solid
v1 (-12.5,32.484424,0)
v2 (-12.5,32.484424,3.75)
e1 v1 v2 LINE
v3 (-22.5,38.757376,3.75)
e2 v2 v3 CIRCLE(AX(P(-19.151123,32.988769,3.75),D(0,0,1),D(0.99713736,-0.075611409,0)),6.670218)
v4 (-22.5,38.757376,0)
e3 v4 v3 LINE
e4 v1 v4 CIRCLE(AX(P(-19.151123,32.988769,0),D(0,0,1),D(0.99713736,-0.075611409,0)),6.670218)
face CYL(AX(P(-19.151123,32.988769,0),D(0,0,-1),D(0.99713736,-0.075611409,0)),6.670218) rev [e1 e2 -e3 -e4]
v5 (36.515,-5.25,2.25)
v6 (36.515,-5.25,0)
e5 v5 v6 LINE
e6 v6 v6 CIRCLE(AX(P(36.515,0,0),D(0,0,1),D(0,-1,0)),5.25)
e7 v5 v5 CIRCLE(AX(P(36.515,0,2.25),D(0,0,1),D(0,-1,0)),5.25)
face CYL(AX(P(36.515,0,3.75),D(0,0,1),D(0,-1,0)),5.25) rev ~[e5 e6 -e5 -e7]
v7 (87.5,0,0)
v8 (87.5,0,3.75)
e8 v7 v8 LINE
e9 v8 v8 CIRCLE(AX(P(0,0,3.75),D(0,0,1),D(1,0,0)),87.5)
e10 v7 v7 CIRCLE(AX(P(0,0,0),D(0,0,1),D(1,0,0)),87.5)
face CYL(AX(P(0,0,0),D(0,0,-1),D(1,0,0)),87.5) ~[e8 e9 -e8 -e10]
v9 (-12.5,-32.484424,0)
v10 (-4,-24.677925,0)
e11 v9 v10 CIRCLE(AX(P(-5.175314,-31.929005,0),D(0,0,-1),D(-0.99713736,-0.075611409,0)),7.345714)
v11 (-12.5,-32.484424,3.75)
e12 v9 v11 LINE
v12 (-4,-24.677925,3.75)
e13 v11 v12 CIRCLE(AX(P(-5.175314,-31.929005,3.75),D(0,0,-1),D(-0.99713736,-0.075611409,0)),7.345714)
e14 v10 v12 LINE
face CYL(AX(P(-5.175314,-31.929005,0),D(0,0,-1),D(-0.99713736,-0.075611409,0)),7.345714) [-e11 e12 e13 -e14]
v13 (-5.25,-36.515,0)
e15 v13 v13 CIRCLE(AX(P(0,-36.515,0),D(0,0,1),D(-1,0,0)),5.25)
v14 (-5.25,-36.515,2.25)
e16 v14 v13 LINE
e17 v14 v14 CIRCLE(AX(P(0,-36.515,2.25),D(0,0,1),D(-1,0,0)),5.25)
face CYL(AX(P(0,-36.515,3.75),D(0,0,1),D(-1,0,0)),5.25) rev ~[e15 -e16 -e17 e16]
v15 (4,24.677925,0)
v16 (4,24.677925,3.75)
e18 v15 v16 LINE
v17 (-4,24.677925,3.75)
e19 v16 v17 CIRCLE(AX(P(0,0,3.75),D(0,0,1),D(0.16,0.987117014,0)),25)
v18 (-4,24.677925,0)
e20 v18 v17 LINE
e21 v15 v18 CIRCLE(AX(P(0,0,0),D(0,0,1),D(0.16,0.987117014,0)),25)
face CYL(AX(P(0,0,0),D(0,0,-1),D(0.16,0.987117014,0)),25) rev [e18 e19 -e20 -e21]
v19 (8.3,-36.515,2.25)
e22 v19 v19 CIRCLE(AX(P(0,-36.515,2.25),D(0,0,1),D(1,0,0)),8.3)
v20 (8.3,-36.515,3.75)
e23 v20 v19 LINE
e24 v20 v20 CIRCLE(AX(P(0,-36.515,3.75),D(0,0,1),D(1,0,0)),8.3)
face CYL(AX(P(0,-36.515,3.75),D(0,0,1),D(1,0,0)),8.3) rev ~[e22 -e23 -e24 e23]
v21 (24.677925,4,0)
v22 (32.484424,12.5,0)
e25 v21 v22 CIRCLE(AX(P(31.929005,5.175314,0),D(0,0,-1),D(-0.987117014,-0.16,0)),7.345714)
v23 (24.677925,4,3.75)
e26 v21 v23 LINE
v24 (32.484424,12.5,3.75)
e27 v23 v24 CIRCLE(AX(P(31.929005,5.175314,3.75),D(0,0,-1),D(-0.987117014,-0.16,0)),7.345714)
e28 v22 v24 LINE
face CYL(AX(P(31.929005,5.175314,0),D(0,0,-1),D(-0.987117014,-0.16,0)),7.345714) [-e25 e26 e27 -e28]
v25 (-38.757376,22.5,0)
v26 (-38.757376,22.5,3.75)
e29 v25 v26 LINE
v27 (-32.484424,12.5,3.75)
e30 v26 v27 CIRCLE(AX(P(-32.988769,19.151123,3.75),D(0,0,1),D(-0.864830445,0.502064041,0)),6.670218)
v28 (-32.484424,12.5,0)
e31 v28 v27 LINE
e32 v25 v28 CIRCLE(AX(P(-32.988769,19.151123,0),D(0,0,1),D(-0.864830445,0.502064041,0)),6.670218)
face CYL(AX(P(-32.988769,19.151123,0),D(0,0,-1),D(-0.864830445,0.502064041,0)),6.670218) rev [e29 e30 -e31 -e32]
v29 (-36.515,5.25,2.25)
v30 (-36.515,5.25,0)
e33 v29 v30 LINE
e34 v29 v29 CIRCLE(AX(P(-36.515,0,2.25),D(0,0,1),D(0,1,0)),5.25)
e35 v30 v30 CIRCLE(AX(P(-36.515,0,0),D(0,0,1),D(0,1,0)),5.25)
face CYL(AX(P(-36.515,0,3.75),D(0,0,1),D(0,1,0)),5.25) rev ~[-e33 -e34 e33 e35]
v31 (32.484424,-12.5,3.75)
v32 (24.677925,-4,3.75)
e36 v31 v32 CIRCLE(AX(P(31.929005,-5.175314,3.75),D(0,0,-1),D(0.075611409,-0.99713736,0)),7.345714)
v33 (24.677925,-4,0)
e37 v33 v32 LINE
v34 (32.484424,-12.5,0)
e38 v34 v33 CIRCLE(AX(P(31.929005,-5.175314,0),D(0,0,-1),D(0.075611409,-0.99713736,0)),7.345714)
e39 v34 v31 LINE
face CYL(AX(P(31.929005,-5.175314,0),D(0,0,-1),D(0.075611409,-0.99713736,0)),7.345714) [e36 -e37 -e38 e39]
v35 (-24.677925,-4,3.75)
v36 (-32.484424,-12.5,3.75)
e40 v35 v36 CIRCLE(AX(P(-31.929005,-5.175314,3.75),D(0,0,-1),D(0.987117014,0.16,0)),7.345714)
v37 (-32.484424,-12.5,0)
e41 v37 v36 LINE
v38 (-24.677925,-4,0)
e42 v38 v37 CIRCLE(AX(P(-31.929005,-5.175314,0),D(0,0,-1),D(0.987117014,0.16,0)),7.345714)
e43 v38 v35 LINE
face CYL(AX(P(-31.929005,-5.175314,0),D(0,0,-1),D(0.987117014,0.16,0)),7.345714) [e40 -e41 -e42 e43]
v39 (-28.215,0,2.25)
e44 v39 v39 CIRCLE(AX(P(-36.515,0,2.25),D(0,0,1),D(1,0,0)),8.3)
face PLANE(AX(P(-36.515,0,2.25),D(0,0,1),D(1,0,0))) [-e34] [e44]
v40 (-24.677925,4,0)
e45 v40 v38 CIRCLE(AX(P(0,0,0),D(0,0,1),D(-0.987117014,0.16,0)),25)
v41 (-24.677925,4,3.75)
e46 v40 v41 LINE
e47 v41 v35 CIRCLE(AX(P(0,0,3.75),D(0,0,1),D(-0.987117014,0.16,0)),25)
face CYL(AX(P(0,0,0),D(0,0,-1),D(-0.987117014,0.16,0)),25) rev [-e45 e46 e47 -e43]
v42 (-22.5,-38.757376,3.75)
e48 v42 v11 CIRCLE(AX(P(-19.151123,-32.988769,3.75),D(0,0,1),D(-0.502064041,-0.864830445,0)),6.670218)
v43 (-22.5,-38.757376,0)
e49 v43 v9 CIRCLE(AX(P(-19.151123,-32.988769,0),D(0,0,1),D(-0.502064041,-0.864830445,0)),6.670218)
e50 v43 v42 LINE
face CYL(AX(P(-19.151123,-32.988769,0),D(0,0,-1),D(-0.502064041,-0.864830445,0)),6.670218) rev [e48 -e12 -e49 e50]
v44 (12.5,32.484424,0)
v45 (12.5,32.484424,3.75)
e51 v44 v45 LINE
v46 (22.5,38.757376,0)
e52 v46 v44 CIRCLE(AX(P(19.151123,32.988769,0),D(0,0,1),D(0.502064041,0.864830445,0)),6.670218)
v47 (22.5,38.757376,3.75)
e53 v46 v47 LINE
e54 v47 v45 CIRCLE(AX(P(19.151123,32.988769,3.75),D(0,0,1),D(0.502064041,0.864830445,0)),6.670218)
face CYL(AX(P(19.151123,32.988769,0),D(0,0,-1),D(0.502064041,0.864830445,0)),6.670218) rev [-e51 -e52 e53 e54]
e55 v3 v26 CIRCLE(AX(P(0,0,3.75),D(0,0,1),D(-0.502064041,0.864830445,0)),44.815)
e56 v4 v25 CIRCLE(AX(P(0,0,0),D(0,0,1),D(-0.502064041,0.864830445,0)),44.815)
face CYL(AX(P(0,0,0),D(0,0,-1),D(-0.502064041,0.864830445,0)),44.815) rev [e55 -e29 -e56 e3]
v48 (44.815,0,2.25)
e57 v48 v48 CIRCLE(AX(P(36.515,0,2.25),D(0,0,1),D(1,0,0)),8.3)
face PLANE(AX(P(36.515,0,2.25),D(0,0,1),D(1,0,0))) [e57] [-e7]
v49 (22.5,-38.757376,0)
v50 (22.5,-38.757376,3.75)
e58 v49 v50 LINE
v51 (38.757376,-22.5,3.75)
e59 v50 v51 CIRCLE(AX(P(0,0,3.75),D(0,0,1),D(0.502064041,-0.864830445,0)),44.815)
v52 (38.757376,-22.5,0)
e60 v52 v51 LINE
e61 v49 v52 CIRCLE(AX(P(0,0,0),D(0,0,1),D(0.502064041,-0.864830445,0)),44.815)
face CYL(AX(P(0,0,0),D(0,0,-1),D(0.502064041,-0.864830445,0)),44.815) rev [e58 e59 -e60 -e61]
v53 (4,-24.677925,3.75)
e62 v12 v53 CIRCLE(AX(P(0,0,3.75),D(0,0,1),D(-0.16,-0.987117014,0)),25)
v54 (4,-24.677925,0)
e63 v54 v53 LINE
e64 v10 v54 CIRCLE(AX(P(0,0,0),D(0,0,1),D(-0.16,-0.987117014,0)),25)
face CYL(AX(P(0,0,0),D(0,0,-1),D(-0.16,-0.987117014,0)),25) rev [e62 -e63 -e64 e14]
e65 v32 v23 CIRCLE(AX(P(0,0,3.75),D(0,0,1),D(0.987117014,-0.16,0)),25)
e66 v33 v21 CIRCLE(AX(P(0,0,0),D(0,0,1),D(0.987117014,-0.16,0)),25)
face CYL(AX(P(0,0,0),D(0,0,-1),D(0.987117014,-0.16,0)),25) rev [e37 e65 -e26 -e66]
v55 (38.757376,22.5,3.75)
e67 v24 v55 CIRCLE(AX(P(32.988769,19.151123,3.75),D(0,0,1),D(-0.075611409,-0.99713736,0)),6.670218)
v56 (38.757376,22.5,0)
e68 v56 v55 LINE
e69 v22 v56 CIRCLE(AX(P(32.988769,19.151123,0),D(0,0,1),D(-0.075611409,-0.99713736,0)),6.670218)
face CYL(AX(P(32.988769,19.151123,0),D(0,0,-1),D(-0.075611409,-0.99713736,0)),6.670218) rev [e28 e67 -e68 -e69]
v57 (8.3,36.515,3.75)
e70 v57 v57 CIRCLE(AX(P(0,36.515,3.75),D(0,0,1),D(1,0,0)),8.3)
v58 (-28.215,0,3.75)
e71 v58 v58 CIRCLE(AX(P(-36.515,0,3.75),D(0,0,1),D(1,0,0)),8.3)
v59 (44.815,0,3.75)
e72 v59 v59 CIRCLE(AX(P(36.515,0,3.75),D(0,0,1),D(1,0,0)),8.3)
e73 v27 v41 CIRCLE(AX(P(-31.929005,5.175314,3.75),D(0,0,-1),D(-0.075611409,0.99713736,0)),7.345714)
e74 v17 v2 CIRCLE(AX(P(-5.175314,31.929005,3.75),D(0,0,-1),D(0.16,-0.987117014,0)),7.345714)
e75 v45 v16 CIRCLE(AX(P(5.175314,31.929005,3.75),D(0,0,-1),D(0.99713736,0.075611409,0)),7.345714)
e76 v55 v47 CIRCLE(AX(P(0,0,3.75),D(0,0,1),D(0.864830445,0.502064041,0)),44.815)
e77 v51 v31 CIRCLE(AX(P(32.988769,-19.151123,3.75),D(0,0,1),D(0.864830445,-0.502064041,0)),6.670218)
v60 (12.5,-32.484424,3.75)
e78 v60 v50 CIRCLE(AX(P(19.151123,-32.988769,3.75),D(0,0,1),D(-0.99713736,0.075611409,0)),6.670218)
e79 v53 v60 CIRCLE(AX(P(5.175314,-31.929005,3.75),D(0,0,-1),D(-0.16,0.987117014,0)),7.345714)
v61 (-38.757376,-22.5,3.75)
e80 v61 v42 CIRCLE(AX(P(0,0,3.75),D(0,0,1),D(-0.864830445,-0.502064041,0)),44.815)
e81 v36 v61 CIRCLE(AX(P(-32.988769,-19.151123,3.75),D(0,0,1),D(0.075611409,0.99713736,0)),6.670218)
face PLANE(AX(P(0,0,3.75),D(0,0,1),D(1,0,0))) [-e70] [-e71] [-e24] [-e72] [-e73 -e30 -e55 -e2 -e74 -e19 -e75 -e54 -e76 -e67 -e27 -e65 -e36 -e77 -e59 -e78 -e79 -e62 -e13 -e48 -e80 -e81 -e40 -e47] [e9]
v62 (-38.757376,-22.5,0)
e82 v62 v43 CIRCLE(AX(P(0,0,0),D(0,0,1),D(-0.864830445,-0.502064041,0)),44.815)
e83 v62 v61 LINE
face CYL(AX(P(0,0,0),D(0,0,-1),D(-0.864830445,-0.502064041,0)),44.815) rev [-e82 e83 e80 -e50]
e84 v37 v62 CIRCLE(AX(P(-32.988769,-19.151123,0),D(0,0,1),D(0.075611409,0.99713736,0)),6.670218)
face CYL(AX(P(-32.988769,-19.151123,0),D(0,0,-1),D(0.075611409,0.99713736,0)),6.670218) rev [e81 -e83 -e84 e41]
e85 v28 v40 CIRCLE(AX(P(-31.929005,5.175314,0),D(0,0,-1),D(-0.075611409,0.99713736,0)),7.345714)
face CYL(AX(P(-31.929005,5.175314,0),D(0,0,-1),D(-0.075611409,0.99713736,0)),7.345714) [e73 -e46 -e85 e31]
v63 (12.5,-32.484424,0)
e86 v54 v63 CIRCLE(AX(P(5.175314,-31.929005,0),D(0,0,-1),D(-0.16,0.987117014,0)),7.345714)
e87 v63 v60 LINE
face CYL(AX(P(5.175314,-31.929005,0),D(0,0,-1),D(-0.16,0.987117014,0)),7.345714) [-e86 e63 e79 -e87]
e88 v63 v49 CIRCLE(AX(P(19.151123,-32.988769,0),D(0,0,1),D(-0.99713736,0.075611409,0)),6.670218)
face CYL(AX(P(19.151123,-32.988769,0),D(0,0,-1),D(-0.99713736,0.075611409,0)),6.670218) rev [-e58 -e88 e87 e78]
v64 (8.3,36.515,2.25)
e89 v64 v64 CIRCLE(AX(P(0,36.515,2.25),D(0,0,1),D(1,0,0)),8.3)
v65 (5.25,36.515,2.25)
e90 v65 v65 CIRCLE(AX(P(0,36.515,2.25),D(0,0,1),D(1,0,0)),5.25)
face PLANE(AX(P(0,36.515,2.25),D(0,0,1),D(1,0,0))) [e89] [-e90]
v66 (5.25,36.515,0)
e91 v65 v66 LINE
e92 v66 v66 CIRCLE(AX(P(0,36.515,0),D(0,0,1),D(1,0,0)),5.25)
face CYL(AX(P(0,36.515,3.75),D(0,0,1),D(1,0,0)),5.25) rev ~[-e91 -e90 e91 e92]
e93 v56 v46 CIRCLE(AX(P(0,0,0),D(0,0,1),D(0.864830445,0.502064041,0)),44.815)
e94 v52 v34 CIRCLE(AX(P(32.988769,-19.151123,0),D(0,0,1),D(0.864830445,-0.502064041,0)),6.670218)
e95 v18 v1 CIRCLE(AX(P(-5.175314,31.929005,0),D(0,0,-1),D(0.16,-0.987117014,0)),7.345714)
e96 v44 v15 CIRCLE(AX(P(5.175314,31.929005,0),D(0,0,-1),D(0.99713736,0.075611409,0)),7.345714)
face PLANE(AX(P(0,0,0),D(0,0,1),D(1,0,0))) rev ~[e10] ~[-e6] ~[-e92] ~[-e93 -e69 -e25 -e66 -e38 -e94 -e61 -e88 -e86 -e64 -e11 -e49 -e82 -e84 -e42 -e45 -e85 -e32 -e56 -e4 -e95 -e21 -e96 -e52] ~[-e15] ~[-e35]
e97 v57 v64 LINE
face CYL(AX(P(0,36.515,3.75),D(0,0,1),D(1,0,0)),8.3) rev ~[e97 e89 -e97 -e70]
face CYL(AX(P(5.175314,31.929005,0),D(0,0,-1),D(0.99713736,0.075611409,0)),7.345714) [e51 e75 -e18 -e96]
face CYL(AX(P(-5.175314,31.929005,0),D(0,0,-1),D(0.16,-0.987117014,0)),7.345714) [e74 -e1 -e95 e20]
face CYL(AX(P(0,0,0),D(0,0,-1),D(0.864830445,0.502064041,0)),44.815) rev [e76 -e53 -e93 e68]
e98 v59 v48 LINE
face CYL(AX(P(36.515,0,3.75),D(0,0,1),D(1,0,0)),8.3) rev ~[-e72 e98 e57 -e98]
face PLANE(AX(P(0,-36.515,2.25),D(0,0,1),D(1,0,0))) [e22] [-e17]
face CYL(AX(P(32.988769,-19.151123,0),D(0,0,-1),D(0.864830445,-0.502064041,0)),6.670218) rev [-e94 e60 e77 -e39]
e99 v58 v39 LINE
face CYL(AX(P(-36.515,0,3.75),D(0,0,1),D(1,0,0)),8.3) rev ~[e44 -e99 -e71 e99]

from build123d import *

# Parameters (mm, degrees)
CROQUIS1_R              = 87.5
SALIENTE_EXTRUIR1_DEPTH = 3.75
CROQUIS2_R              = 8.3
CORTAR_EXTRUIR1_DEPTH   = 1.5
CROQUIS3_R              = 5.25
CORTAR_EXTRUIR2_DEPTH   = 4.75
MATRIZC1_COUNT          = 8


with BuildPart() as part:
    # Croquis1 → Saliente-Extruir1 (new body)
    with BuildSketch(Plane.XY):
        Circle(CROQUIS1_R)
        with BuildLine():
            ThreePointArc((-38.757376395, -22.5), (-31.688990399, -31.688990399), (-22.5, -38.757376395))
            ThreePointArc((-22.5, -38.757376395), (-15.606593782, -38.639265866), (-12.5, -32.484424319))
            ThreePointArc((-12.5, -32.484424319), (-10.144121841, -26.518786087), (-4, -24.677925359))
            ThreePointArc((-4, -24.677925359), (0, -25), (4, -24.677925359))
            ThreePointArc((4, -24.677925359), (10.144121841, -26.518786087), (12.5, -32.484424319))
            ThreePointArc((12.5, -32.484424319), (15.606593782, -38.639265866), (22.5, -38.757376395))
            ThreePointArc((22.5, -38.757376395), (31.688990399, -31.688990399), (38.757376395, -22.5))
            ThreePointArc((38.757376395, -22.5), (38.639265866, -15.606593782), (32.484424319, -12.5))
            ThreePointArc((32.484424319, -12.5), (26.518786087, -10.144121841), (24.677925359, -4))
            ThreePointArc((24.677925359, -4), (25, 0), (24.677925359, 4))
            ThreePointArc((24.677925359, 4), (26.518786087, 10.144121841), (32.484424319, 12.5))
            ThreePointArc((32.484424319, 12.5), (38.639265866, 15.606593782), (38.757376395, 22.5))
            ThreePointArc((38.757376395, 22.5), (31.688990399, 31.688990399), (22.5, 38.757376395))
            ThreePointArc((22.5, 38.757376395), (15.606593782, 38.639265866), (12.5, 32.484424319))
            ThreePointArc((12.5, 32.484424319), (10.144121841, 26.518786087), (4, 24.677925359))
            ThreePointArc((4, 24.677925359), (0, 25), (-4, 24.677925359))
            ThreePointArc((-4, 24.677925359), (-10.144121841, 26.518786087), (-12.5, 32.484424319))
            ThreePointArc((-12.5, 32.484424319), (-15.606593782, 38.639265866), (-22.5, 38.757376395))
            ThreePointArc((-22.5, 38.757376395), (-31.688990399, 31.688990399), (-38.757376395, 22.5))
            ThreePointArc((-38.757376395, 22.5), (-38.639265866, 15.606593782), (-32.484424319, 12.5))
            ThreePointArc((-32.484424319, 12.5), (-26.518786087, 10.144121841), (-24.677925359, 4))
            ThreePointArc((-24.677925359, 4), (-25, 0), (-24.677925359, -4))
            ThreePointArc((-24.677925359, -4), (-26.518786087, -10.144121841), (-32.484424319, -12.5))
            ThreePointArc((-32.484424319, -12.5), (-38.639265866, -15.606593782), (-38.757376395, -22.5))
        make_face(mode=Mode.SUBTRACT)
    extrude(amount=SALIENTE_EXTRUIR1_DEPTH)

    # Croquis2 → Cortar-Extruir1 (cut)
    with BuildSketch(Plane.XY.offset(3.75)):
        with Locations((-36.515, 0)):
            Circle(CROQUIS2_R)
        with Locations((0, 36.515)):
            Circle(CROQUIS2_R)
        with Locations((36.515, 0)):
            Circle(CROQUIS2_R)
        with Locations((0, -36.515)):
            Circle(CROQUIS2_R)
    extrude(amount=-CORTAR_EXTRUIR1_DEPTH, mode=Mode.SUBTRACT)

    # Croquis3 → Cortar-Extruir2 (cut, through all)
    with BuildSketch(Plane.XY.offset(3.75)):
        with Locations((0, 36.515)):
            Circle(CROQUIS3_R)
    cortar_extruir2 = extrude(amount=-CORTAR_EXTRUIR2_DEPTH, mode=Mode.SUBTRACT)

    # MatrizC1: Cortar-Extruir2 ×8 about axis
    matrizc1_axis = Axis((0, 0, 3.75), (0, 0, 1))
    for i in range(1, MATRIZC1_COUNT):
        add(cortar_extruir2.rotate(matrizc1_axis, i * 360 / MATRIZC1_COUNT), mode=Mode.SUBTRACT)


solid = part.part
